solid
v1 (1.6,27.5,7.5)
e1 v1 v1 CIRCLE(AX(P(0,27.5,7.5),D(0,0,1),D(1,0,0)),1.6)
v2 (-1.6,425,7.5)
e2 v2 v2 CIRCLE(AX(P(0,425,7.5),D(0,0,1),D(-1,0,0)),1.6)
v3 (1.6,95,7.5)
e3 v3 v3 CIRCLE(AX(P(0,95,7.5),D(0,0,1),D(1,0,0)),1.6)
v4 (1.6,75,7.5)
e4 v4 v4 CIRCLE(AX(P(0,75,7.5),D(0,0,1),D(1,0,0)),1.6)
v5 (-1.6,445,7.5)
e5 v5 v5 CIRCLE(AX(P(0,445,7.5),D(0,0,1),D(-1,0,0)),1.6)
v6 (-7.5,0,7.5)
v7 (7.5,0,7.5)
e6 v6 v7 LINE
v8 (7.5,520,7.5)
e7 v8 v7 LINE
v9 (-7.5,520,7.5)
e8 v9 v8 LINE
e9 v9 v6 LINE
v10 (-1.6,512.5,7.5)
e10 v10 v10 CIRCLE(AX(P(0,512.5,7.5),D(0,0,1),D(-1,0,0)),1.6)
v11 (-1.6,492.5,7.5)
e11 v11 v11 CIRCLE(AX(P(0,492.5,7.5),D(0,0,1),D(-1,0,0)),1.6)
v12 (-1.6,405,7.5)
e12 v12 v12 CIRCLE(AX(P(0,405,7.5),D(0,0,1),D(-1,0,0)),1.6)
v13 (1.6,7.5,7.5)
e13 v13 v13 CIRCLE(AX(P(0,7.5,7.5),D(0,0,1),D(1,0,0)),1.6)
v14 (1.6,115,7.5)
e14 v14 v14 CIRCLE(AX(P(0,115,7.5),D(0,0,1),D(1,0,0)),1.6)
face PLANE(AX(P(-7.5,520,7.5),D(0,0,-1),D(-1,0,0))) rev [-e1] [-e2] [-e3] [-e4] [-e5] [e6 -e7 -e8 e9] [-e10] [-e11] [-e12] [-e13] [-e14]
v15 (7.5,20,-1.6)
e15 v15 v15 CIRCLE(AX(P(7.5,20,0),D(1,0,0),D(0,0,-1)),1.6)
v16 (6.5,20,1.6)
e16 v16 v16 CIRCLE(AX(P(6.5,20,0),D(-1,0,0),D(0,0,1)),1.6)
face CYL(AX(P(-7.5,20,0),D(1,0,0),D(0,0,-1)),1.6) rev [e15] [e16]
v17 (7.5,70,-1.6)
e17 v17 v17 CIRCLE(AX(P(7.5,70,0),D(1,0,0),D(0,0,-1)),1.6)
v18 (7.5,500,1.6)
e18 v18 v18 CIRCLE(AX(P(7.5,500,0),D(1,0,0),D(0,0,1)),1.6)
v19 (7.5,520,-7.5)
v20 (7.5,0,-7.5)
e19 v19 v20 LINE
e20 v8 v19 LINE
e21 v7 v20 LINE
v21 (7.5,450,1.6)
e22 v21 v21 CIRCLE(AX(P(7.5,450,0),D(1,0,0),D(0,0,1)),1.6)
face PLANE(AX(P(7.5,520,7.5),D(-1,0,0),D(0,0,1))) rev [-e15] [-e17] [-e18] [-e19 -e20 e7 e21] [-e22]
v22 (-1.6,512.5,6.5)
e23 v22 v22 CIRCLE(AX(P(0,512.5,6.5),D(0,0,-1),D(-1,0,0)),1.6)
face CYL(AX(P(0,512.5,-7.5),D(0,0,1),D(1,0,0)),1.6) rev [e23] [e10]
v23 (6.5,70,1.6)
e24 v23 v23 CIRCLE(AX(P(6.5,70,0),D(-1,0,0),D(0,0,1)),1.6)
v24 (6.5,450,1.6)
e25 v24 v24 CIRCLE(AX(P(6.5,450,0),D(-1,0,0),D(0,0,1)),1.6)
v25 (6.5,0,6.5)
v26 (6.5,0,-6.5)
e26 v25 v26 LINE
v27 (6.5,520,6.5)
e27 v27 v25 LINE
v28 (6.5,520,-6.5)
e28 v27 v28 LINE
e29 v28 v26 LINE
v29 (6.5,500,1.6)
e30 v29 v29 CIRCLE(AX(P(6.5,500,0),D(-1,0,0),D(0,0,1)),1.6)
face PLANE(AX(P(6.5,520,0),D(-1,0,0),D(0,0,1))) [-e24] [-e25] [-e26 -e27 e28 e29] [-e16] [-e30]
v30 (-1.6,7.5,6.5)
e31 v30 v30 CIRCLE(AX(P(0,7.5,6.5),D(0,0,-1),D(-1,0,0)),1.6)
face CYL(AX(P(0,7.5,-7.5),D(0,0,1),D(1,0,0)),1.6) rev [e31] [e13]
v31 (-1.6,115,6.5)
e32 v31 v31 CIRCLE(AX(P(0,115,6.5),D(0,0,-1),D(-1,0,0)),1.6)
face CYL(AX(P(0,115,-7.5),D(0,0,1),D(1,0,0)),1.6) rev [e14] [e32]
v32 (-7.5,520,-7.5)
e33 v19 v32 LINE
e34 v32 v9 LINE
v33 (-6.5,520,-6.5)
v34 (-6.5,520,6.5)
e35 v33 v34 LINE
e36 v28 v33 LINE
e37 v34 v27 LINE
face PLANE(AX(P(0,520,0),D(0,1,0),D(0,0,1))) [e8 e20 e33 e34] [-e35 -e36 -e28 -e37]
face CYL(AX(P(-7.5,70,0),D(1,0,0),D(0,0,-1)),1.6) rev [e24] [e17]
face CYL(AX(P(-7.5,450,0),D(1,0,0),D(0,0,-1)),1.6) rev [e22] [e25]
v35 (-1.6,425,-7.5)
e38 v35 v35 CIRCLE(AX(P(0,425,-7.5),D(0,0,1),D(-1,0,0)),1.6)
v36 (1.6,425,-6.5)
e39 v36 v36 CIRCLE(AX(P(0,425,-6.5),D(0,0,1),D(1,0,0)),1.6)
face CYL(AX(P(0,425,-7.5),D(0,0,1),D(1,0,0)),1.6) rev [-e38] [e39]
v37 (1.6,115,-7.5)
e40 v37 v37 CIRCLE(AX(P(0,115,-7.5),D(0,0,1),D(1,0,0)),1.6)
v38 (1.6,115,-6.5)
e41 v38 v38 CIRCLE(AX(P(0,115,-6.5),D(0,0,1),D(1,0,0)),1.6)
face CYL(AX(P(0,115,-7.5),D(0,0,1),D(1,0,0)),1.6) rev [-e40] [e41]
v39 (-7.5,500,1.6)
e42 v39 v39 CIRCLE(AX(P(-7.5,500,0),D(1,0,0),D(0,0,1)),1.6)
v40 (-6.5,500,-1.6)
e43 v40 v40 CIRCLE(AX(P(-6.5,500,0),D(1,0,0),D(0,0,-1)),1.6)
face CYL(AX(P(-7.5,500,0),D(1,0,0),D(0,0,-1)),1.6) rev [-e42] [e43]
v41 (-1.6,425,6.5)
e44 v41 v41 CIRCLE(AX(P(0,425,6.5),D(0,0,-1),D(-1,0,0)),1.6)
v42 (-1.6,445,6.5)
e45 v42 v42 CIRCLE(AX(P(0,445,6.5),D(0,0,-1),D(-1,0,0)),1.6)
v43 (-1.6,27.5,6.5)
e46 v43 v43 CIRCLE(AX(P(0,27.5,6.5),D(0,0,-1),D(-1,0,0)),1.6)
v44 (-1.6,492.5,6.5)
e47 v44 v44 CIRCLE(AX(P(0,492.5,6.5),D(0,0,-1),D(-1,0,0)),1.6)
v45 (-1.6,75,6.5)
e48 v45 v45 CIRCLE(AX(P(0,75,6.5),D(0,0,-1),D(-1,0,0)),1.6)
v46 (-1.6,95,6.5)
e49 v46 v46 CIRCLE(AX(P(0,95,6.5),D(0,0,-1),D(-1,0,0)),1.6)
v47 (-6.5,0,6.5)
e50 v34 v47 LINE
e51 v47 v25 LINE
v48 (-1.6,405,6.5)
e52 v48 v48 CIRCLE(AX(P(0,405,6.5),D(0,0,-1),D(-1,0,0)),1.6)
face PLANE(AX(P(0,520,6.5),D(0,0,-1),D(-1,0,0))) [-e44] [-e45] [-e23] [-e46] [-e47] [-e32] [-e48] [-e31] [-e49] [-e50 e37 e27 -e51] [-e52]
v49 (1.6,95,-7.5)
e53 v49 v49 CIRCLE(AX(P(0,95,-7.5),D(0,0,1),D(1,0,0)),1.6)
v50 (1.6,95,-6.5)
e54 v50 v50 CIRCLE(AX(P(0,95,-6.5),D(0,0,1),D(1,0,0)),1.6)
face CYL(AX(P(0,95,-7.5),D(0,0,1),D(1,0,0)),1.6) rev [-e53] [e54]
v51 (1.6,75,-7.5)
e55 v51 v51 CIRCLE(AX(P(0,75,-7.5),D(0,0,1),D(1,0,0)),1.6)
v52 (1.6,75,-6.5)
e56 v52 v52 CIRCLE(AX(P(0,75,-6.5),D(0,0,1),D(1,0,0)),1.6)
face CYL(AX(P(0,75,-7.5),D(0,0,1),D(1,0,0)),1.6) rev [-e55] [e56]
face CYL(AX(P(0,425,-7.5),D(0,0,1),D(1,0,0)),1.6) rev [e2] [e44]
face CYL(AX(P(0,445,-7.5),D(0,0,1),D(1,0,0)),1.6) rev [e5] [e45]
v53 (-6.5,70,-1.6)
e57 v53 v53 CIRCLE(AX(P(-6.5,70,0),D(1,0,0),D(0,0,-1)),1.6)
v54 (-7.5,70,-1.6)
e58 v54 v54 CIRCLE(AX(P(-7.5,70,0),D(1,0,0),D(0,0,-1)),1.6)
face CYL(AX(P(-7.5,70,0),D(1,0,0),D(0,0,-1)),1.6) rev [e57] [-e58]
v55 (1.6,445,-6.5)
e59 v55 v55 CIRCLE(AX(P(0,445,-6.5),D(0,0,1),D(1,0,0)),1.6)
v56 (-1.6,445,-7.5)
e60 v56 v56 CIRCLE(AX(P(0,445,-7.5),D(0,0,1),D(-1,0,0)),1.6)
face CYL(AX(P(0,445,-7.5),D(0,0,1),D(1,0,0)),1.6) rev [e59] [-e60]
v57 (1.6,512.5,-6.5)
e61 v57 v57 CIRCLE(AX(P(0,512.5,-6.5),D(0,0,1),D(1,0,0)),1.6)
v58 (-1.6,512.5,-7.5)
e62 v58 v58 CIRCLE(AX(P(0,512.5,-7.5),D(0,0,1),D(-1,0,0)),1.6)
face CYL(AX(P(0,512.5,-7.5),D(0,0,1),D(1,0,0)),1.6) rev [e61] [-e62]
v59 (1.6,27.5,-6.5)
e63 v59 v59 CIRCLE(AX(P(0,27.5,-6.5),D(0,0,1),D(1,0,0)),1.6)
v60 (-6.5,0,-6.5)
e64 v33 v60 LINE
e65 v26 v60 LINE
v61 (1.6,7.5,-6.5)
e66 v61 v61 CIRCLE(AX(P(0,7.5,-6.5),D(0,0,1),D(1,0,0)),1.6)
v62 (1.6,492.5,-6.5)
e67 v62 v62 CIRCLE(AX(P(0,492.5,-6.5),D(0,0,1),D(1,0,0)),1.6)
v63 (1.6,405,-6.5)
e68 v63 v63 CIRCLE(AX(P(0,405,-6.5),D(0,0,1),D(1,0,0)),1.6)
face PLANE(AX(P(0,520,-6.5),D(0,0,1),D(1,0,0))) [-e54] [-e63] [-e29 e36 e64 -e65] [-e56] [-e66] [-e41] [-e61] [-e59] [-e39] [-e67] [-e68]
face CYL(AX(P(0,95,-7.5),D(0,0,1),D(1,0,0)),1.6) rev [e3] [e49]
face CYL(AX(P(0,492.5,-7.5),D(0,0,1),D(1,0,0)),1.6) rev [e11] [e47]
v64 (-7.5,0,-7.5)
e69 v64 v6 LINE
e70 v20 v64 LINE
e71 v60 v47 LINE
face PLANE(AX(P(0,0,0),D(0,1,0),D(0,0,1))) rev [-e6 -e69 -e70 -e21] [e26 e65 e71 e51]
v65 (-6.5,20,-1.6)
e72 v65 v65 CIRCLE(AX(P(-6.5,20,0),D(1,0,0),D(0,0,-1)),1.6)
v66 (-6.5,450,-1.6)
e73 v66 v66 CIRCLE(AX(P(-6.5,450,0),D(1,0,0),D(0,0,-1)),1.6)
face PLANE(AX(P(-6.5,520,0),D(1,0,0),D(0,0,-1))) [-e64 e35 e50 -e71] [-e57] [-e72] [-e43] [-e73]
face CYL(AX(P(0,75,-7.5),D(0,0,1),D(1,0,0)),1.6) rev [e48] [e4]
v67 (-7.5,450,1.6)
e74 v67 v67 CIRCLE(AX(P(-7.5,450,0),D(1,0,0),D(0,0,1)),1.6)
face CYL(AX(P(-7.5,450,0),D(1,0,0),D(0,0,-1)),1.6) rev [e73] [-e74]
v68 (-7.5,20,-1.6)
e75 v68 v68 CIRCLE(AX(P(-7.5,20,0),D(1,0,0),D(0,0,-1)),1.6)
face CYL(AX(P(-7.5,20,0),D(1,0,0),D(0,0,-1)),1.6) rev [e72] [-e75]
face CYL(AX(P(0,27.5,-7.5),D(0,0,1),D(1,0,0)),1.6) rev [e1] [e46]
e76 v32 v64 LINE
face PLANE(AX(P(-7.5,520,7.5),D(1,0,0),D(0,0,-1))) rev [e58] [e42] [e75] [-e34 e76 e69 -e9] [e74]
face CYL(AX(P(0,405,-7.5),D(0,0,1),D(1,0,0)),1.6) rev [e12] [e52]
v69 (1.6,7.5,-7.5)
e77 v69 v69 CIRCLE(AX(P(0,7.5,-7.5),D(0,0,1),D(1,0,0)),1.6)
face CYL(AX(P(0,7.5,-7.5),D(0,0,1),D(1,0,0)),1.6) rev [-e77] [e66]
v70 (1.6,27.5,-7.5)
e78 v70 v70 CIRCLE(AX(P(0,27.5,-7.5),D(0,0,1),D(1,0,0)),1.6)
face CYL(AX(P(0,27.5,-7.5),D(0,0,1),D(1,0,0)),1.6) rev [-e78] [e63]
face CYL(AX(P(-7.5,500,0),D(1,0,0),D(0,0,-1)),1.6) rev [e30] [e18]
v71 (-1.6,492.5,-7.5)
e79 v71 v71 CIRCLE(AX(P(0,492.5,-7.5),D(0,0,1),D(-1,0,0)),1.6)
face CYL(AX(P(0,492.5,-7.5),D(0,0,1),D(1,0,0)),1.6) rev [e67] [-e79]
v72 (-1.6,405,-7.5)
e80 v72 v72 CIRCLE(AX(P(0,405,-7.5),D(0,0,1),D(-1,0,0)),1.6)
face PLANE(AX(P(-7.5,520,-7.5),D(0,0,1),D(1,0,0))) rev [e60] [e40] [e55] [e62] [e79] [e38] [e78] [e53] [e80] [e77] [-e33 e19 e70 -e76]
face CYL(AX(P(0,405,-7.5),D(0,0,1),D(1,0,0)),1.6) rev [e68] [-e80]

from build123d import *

# Parameters (mm, degrees)
SKETCH_1_W          = 15
SKETCH_1_H          = 15
SKETCH_1_W_2        = 13
SKETCH_1_H_2        = 13
EXTRUDE_1_DEPTH     = 520
SKETCH_2_R          = 1.6
CUT_EXTRUDE_1_DEPTH = 521.270362408
SKETCH_3_R          = 1.6
CUT_EXTRUDE_2_DEPTH = 521.270362408


with BuildPart() as part:
    # 草图1 → 拉伸-薄壁1 (new body)
    with BuildSketch(Plane(origin=(0, 0, 0), x_dir=(1, 0, 0), z_dir=(0, 1, 0))):
        Rectangle(SKETCH_1_W, SKETCH_1_H)
        Rectangle(SKETCH_1_W_2, SKETCH_1_H_2, mode=Mode.SUBTRACT)
    extrude(amount=EXTRUDE_1_DEPTH)

    # 草图2 → 切除-拉伸1 (cut, through all)
    with BuildSketch(Plane.XY.offset(7.5)):
        with Locations((0, 7.5)):
            Circle(SKETCH_2_R)
        with Locations((0, 27.5)):
            Circle(SKETCH_2_R)
        with Locations((0, 75)):
            Circle(SKETCH_2_R)
        with Locations((0, 95)):
            Circle(SKETCH_2_R)
        with Locations((0, 115)):
            Circle(SKETCH_2_R)
        with Locations(Location((0, 405, 0), (0, 0, 180))):
            Circle(SKETCH_2_R)
        with Locations(Location((0, 425, 0), (0, 0, 180))):
            Circle(SKETCH_2_R)
        with Locations(Location((0, 445, 0), (0, 0, 180))):
            Circle(SKETCH_2_R)
        with Locations(Location((0, 492.5, 0), (0, 0, 180))):
            Circle(SKETCH_2_R)
        with Locations(Location((0, 512.5, 0), (0, 0, 180))):
            Circle(SKETCH_2_R)
    extrude(amount=-CUT_EXTRUDE_1_DEPTH, mode=Mode.SUBTRACT)

    # 草图3 → 切除-拉伸2 (cut, through all)
    with BuildSketch(Plane(origin=(7.5, 0, 0), x_dir=(0, 0, -1), z_dir=(1, 0, 0))):
        with Locations((0, 20)):
            Circle(SKETCH_3_R)
        with Locations((0, 70)):
            Circle(SKETCH_3_R)
        with Locations((0, 450)):
            Circle(SKETCH_3_R)
        with Locations((0, 500)):
            Circle(SKETCH_3_R)
    extrude(amount=-CUT_EXTRUDE_2_DEPTH, mode=Mode.SUBTRACT)


solid = part.part
